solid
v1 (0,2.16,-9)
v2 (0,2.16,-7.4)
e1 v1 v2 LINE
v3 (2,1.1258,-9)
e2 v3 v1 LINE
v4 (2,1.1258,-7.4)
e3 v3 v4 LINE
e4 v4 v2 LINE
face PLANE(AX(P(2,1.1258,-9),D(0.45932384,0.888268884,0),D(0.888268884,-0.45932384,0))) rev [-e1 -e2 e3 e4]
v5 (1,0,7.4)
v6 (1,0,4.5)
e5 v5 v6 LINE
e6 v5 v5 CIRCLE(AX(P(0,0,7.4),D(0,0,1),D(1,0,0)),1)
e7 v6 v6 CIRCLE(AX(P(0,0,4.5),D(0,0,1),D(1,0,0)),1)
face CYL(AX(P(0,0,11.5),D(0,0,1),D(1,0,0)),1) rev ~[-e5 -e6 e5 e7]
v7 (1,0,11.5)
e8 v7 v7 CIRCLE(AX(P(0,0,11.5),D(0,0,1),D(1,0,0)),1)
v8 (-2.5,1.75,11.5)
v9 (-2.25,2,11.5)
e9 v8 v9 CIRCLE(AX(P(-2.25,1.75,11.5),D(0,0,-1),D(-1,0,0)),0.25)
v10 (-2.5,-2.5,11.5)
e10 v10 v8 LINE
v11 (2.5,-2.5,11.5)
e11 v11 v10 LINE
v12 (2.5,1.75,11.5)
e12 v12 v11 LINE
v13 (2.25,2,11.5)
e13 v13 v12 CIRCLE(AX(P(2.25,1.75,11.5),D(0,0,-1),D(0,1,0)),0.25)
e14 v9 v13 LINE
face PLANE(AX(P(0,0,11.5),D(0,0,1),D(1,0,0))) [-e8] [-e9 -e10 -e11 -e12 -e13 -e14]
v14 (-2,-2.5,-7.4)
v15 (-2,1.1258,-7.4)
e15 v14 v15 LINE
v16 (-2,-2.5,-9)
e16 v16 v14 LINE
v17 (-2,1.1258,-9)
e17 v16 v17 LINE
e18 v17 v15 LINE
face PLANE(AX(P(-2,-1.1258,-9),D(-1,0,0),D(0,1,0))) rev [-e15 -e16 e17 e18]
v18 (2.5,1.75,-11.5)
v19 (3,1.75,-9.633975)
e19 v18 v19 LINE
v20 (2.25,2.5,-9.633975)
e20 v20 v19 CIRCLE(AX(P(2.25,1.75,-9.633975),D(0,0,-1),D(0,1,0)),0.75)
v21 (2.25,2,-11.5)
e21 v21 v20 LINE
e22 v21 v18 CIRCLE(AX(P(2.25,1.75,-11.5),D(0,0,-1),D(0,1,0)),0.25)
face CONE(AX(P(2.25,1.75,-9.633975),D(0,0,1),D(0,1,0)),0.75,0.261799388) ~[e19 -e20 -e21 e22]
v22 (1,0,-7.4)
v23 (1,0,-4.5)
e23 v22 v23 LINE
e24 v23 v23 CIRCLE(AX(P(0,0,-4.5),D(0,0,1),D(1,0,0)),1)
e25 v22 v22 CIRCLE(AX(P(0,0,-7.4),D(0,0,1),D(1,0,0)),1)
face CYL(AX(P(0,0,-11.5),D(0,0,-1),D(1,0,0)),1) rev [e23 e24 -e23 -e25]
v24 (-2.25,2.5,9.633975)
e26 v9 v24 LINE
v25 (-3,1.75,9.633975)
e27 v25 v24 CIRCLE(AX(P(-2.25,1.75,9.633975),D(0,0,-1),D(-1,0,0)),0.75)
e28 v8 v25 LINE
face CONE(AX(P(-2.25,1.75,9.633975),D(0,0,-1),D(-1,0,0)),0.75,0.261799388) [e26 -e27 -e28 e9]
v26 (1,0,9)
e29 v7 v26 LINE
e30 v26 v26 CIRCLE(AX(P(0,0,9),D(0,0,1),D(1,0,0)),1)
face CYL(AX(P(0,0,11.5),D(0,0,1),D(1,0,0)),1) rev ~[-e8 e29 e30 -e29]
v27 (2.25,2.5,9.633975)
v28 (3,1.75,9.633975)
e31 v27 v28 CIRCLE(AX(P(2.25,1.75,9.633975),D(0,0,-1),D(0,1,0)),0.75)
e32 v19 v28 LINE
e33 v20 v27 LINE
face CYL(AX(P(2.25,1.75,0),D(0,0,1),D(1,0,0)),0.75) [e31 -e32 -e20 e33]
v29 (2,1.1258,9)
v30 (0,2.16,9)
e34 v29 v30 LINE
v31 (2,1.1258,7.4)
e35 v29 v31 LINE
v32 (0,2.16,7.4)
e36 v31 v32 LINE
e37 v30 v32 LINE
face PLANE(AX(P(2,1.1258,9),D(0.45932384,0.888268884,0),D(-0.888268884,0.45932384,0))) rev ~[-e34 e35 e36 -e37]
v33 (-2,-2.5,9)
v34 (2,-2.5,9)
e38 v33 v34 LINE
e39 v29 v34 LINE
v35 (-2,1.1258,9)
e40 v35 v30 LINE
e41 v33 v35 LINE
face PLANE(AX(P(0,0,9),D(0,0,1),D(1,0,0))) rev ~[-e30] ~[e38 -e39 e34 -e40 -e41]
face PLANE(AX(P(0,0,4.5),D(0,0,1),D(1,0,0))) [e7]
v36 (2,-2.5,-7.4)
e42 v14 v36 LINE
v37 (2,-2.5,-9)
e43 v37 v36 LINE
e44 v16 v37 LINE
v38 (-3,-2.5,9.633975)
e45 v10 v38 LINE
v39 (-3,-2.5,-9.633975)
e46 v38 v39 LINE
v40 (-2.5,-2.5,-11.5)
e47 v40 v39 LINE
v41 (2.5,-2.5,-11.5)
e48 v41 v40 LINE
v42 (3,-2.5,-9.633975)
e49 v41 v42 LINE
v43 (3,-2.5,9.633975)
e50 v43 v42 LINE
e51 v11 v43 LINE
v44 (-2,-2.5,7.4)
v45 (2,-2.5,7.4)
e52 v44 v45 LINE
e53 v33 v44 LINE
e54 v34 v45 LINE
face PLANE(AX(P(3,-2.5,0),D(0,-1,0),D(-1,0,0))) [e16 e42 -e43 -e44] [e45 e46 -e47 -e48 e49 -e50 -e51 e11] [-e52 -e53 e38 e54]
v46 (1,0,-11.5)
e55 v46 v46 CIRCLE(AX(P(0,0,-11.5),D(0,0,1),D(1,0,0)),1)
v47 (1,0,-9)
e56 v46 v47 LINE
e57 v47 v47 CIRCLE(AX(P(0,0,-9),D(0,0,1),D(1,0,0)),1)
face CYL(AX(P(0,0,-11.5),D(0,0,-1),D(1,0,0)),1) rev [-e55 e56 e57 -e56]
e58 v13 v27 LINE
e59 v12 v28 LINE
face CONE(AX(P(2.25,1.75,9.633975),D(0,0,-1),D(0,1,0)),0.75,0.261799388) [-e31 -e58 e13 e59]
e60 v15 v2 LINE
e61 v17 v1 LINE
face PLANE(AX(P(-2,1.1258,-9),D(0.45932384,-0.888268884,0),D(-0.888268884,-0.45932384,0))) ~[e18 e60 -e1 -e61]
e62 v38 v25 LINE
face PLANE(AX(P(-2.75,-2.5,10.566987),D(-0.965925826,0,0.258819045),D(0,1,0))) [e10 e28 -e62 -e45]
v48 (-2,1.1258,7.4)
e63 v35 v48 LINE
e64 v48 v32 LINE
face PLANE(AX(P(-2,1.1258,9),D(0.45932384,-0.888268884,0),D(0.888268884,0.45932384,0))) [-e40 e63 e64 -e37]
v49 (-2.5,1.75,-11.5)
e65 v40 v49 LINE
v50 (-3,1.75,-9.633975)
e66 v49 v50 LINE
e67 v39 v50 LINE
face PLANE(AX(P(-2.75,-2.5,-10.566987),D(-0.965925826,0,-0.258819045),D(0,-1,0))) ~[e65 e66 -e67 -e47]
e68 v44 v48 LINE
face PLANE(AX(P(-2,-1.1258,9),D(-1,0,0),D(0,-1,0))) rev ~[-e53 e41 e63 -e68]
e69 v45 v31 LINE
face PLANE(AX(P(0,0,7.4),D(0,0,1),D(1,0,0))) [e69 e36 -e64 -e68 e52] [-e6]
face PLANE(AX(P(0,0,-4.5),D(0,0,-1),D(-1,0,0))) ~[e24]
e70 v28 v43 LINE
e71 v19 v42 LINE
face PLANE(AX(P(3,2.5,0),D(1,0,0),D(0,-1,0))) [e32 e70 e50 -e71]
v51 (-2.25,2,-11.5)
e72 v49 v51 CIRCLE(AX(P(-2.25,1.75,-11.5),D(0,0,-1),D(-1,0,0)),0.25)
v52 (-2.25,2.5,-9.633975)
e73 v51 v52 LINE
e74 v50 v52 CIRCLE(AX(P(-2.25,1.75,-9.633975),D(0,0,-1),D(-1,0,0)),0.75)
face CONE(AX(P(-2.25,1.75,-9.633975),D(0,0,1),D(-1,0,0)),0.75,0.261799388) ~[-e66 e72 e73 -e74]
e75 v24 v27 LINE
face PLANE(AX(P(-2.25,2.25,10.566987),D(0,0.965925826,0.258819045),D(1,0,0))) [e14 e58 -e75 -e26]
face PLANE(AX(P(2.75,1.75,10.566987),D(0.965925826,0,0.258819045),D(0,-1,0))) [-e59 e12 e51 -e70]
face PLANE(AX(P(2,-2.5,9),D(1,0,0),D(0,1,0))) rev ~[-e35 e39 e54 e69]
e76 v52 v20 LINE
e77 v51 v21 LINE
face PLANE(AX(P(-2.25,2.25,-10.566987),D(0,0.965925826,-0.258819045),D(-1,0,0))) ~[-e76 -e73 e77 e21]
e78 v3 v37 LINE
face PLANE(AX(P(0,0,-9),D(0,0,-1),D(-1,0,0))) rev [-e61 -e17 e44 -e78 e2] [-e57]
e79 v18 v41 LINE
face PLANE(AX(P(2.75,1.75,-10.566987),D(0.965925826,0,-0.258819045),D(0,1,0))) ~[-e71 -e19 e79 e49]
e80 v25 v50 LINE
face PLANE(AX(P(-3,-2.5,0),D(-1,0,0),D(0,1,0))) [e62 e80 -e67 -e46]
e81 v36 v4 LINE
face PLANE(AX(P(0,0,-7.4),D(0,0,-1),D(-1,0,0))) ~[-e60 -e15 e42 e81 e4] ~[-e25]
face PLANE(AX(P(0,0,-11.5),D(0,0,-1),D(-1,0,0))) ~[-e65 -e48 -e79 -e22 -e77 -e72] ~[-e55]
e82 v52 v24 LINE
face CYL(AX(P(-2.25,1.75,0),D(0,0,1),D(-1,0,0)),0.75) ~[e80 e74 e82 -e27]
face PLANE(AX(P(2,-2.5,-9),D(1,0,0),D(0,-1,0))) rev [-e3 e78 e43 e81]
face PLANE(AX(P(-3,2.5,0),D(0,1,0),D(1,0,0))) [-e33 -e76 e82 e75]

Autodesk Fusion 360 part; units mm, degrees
sketch "Sketch1" plane through (0, 0, 0) normal (0, 0, 1) x (1, 0, 0)
  line L0 (3, -2.5) -> (-3, -2.5)
  line L1 (-3, -2.5) -> (-3, 2.5)
  line L2 (-3, 2.5) -> (3, 2.5)
  line L3 (3, 2.5) -> (3, -2.5)
  line L4 (3, -2.5) -> (-3, 2.5) construction
  line L5 (-3, -2.5) -> (3, 2.5) construction
  dimension "dWidth" = 6
  dimension "d2" = 5
extrude "Extrude1" add sketch "Sketch1" along normal blind 11.5
sketch "Sketch2" plane through (0, 0, 11.5) normal (0, 0, 1) x (1, 0, 0)
  line L0 (3, 2.5) -> (-3, 2.5)
  line L1 (-3, 2.5) -> (-3, -2.5)
  line L2 (-3, -2.5) -> (3, -2.5)
  line L3 (3, -2.5) -> (3, 2.5)
  circle A0 centre (0, 0) radius 1
  dimension "d5" = 2
extrude "Extrude2" cut sketch "Sketch2" against normal blind 7 contours A0
ref_plane "WorkPlane1" through (0, 0, 9) normal (0, 0, 1) x (1, 0, 0)
sketch "Sketch3" plane through (0, 0, 9) normal (0, 0, 1) x (1, 0, 0)
  line L0 (2, -2.16) -> (-2, -2.16) construction
  line L1 (-2, -2.16) -> (-2, 2.16) construction
  line L2 (-2, 2.16) -> (2, 2.16) construction
  line L3 (2, 2.16) -> (2, -2.16) construction
  line L4 (2, -2.16) -> (-2, 2.16) construction
  line L5 (-2, -2.16) -> (2, 2.16) construction
  line L6 (-2, 0) -> (2, 0) construction
  line L7 (2, 1.1258) -> (2, -1.1258)
  line L8 (-2, 1.1258) -> (-2, -1.1258)
  line L9 (0, 2.16) -> (0, -2.16) construction
  line L10 (-2, 1.1258) -> (0, 2.16)
  line L11 (2, 1.1258) -> (0, 2.16)
  line L12 (-2, -1.1258) -> (0, -2.16) construction
  line L13 (0, -2.16) -> (2, -1.1258) construction
  line L14 (-2, -1.1258) -> (-2, -2.5)
  line L15 (-2, -2.5) -> (2, -2.5)
  line L16 (2, -2.5) -> (2, -1.1258)
  line L17 (3, -2.5) -> (-3, -2.5)
  dimension "d9" = 4
  dimension "d10" = 4.32
extrude "Extrude3" cut sketch "Sketch3" against normal blind 1.6
fillet "Fillet1" radius 0.75 2 edges at (-3, 2.5, 5.75) (3, 2.5, 5.75)
chamfer "Chamfer2" distance 0.5 angle 75 2 edges at (3, -0.375, 11.5) (-3, -0.375, 11.5) measured on face at (-2.3296, -0.2997, 11.5) measured on face at (-2.3296, -0.2997, 11.5) tangent chain off
mirror "Mirror2" about plane through (0, 0, 0) normal (0, 0, 1) of bodies 1 merged
properties part number "Configuration 2"
